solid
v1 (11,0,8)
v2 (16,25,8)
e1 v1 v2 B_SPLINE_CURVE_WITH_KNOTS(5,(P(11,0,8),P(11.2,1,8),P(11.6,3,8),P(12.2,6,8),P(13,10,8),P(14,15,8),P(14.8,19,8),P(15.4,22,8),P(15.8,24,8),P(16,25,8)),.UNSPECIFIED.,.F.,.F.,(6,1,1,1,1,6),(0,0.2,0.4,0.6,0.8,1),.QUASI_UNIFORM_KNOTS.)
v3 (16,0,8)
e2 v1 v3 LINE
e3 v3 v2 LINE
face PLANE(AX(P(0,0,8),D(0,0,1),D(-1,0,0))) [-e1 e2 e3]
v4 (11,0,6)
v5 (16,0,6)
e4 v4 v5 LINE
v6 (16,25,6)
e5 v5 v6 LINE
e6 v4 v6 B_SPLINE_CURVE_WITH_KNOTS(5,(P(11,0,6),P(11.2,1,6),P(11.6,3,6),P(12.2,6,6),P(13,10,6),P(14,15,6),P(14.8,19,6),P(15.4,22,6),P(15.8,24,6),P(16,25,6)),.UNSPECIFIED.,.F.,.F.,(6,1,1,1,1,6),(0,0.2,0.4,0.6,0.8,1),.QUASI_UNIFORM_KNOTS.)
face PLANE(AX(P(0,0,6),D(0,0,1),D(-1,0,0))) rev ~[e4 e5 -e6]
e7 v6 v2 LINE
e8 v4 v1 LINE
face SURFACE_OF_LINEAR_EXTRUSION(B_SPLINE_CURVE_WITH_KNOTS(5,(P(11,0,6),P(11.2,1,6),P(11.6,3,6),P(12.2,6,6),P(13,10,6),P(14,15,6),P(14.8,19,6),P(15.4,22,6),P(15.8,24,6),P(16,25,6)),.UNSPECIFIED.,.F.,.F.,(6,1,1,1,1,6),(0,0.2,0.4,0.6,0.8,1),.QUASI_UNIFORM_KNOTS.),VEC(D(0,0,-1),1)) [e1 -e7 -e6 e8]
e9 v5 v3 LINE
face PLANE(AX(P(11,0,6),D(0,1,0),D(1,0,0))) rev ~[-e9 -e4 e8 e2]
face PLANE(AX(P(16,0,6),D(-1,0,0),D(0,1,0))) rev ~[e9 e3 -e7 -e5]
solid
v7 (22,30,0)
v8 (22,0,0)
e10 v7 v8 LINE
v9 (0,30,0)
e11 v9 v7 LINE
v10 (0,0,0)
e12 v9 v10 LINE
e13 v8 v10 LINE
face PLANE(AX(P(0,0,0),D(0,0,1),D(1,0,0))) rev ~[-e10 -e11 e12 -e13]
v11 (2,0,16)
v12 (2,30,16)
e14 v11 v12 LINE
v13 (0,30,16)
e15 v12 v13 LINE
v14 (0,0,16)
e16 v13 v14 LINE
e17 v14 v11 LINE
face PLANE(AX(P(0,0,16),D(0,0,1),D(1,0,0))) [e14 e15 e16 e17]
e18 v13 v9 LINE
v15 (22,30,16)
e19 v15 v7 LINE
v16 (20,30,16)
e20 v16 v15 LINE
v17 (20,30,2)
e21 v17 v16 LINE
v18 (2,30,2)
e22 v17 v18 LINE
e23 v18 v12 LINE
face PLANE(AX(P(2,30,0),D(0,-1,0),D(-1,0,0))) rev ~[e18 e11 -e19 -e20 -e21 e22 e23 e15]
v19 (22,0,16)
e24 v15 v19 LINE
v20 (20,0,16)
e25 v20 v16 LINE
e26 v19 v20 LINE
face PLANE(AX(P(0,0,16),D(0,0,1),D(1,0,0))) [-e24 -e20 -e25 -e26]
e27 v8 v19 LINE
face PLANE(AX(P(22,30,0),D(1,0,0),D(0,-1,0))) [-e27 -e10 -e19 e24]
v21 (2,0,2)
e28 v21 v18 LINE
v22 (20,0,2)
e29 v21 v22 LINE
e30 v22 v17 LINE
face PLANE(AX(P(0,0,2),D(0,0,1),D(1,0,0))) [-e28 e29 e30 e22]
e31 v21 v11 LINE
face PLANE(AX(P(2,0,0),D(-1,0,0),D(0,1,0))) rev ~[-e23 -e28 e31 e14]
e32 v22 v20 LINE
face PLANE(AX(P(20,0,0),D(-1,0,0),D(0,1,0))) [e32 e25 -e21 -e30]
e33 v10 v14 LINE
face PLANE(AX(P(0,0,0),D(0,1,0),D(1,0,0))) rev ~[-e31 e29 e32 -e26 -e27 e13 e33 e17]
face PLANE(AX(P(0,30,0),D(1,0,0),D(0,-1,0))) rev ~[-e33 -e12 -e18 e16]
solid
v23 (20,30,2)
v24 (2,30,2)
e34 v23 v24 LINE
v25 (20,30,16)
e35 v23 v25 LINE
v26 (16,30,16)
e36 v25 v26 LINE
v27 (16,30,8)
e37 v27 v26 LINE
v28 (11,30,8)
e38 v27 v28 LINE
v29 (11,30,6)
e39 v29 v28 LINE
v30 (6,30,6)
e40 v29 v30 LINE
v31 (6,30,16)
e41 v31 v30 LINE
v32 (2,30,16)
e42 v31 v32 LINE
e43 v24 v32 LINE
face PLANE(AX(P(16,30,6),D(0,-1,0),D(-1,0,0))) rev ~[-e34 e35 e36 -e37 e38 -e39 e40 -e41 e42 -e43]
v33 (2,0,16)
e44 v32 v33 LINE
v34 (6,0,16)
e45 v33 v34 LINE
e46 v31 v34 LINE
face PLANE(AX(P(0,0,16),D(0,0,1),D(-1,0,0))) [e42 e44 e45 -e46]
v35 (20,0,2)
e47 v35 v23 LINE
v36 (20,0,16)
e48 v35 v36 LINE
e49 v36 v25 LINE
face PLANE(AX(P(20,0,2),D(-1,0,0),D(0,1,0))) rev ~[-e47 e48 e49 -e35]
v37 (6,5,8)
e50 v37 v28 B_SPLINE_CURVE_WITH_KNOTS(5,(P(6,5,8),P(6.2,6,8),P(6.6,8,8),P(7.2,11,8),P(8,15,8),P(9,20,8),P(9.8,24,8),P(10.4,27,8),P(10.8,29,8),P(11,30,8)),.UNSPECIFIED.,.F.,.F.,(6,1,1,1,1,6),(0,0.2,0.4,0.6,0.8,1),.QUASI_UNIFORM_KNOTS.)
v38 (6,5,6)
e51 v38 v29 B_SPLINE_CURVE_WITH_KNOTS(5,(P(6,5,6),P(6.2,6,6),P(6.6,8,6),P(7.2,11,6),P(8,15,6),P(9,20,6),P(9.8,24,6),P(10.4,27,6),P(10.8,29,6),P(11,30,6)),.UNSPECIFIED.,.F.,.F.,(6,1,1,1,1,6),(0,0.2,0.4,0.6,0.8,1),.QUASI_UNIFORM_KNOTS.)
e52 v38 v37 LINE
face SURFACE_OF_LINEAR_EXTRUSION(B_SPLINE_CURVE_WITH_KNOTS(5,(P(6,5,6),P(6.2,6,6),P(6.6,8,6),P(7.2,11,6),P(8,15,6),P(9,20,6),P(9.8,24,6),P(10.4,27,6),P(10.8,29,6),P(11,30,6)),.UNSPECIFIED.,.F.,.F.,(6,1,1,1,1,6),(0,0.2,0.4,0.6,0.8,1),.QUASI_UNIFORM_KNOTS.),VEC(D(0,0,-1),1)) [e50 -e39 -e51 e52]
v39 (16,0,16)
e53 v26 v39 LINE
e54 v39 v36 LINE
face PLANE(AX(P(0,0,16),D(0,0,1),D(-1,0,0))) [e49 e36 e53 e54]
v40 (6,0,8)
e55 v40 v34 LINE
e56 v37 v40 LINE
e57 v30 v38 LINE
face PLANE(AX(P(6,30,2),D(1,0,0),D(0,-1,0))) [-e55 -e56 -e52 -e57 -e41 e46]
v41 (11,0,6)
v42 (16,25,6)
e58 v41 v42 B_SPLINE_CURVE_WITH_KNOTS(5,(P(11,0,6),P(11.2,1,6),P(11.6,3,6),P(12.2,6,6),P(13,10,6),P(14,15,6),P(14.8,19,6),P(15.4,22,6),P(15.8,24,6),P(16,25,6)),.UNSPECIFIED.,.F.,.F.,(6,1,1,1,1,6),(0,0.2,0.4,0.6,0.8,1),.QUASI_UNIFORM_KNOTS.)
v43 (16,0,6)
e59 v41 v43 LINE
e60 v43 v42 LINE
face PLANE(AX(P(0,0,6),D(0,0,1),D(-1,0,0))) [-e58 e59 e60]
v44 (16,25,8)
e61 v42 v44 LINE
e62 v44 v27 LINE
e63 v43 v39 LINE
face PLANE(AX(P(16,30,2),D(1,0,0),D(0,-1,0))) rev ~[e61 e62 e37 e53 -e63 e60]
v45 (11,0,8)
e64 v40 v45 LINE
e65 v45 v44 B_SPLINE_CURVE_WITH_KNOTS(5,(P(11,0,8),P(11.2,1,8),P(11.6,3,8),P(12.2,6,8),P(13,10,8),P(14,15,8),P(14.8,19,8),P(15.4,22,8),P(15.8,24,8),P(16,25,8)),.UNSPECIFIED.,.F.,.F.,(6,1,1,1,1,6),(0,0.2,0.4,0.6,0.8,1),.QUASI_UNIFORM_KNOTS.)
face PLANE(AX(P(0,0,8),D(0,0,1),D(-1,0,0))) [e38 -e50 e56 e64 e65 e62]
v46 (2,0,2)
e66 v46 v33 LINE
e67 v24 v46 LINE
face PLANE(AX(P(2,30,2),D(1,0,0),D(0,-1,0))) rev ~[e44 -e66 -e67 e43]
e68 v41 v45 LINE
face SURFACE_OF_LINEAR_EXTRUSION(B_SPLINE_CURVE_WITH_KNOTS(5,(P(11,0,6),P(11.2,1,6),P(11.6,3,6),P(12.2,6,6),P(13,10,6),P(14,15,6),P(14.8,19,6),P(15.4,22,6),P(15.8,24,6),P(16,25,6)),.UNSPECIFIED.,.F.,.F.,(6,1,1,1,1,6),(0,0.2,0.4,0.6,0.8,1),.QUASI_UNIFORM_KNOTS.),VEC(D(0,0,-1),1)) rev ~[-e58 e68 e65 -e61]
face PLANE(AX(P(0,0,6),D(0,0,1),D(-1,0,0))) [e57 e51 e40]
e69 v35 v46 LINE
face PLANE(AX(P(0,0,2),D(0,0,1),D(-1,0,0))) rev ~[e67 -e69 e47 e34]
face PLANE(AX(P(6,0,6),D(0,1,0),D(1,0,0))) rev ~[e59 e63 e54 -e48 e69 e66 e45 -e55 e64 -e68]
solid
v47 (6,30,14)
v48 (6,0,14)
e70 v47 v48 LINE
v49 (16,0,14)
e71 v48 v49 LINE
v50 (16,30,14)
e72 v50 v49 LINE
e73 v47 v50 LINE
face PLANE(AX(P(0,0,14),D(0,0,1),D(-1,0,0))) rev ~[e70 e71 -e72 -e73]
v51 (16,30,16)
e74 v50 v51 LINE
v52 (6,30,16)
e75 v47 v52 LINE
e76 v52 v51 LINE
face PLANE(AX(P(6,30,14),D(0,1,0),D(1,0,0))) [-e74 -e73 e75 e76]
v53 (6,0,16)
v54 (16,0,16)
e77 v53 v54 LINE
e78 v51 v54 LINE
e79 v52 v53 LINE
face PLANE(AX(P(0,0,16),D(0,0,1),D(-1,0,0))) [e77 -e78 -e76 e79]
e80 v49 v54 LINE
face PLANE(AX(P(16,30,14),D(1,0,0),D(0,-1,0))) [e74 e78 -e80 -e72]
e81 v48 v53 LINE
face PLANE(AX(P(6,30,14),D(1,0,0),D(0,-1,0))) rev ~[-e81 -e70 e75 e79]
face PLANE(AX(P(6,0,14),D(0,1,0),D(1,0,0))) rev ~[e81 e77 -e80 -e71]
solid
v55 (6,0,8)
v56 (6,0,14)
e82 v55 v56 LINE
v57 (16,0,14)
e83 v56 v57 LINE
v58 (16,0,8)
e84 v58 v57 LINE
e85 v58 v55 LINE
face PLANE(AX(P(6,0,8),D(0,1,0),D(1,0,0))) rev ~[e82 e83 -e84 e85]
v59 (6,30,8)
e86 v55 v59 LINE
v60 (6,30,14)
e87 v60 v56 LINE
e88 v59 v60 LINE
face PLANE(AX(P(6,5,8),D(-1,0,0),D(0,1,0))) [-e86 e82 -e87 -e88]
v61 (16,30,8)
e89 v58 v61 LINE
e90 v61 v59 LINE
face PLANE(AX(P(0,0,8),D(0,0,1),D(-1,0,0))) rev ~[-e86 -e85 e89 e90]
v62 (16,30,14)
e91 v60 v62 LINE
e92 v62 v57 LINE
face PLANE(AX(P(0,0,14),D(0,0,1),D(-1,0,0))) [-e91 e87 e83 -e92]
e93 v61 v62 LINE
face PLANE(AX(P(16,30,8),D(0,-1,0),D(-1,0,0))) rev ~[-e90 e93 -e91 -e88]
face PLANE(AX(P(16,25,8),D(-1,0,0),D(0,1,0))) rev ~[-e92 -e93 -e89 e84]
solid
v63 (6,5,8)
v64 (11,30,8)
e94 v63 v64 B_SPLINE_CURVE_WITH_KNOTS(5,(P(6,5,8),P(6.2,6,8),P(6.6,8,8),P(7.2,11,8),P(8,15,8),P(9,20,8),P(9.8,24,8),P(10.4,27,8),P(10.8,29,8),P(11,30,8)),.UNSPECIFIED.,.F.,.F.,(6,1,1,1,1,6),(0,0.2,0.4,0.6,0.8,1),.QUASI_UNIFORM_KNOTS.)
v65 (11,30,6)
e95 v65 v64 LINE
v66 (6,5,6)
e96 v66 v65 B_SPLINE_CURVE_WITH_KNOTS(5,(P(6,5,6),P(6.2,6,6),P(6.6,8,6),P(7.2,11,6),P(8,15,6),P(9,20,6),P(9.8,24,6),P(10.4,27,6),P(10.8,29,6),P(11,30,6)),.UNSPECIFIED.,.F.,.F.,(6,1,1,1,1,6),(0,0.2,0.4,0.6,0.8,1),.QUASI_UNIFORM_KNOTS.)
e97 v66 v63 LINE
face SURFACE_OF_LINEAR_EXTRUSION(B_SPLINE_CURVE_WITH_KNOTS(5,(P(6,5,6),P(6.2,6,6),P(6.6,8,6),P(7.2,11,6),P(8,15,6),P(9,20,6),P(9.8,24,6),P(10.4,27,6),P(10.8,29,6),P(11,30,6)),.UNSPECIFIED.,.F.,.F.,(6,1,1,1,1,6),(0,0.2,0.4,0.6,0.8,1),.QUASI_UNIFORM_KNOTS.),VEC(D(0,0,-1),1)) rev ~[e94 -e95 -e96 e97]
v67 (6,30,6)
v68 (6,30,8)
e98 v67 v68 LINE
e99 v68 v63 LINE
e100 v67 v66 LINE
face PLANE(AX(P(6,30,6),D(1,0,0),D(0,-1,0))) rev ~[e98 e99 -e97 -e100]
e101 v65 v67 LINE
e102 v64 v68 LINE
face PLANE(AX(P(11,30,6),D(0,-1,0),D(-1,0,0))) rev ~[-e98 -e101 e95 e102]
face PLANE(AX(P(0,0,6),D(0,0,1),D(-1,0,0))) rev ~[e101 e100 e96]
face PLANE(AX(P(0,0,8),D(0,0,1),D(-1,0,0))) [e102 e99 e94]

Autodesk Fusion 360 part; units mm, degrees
sketch "Esquisse1" plane through (0, 0, 0) normal (1, 0, 0) x (0, 1, 0)
sketch "Esquisse2" plane through (0, 0, 0) normal (0, 0, 1) x (1, 0, 0)
  line L0 (0, 0) -> (22, 0)
  line L1 (22, 0) -> (22, 30)
  line L2 (22, 30) -> (0, 30)
  line L3 (0, 30) -> (0, 0)
  dimension "d10" = 22
  dimension "d11" = 30
sketch "Esquisse3" plane through (0, 0, 0) normal (0, 0, 1) x (1, 0, 0)
  line L0 (0, 0) -> (2, 0)
  line L1 (2, 0) -> (2, 30)
  line L2 (2, 30) -> (0, 30)
  line L3 (0, 30) -> (0, 0)
  dimension "d12" = 2
  dimension "d13" = 30
sketch "Esquisse4" plane through (0, 0, 0) normal (0, 0, 1) x (1, 0, 0)
  line L0 (22, 0) -> (20, 0)
  line L1 (20, 0) -> (20, 30)
  line L2 (20, 30) -> (22, 30)
  line L3 (22, 30) -> (22, 0)
  dimension "d14" = 2
  dimension "d15" = 30
sketch "Esquisse1 (2)" plane through (0, 0, 0) normal (0, 0, 1) x (1, 0, 0) in component "shield"
extrude "Extrusion1" add sketch "Esquisse3" along normal blind 16 makes body 1 in component "shield"
extrude "Extrusion2" add sketch "Esquisse4" along normal blind 16 separate body makes body 2 in component "shield"
extrude "Extrusion3" add sketch "Esquisse2" along normal blind 2 bodies 1 2 in component "shield"
sketch "Esquisse2 (2)" plane through (0, 0, 2) normal (0, 0, 1) x (-1, 0, 0) in component "shield"
  line L0 (-2, -30) -> (-2, 0)
  line L1 (-2, 0) -> (-20, 0)
  line L2 (-20, 0) -> (-20, -30)
  line L3 (-20, -30) -> (-2, -30)
  line L4 (-2, -30) -> (-6, -30)
  line L5 (-6, -30) -> (-6, 0)
  line L6 (-6, 0) -> (-2, 0)
  line L7 (-2, 0) -> (-2, -30)
  line L8 (-20, -30) -> (-16, -30)
  line L9 (-16, -30) -> (-16, 0)
  line L10 (-16, 0) -> (-20, 0)
  line L11 (-20, 0) -> (-20, -30)
  dimension "d22" = 4
  dimension "d23" = 30
  dimension "d24" = 4
  dimension "d25" = 30
extrude "Extrusion1'" add sketch "Esquisse2 (2)" along normal blind 14 separate body contours L0 L1 L3 L4 L5 L6 L7 | L1 L2 L3 L8 L9 L10 L11 makes body 3 at (6, 20, 6.6667) makes body 4 at (20, 10, 6.6667) in component "Support"
sketch "Esquisse1 (3)" plane through (0, 0, 2) normal (0, 0, 1) x (-1, 0, 0) in component "Support"
  line L0 (-2, -30) -> (-2, 0)
  line L1 (-2, 0) -> (-20, 0)
  line L2 (-20, 0) -> (-20, -30)
  line L3 (-20, -30) -> (-2, -30)
  line L4 (-16, -30) -> (-6, -30)
  line L5 (-6, -30) -> (-6, 0)
  line L6 (-6, 0) -> (-16, 0)
  line L7 (-16, 0) -> (-16, -30)
  dimension "d28" = 10
  dimension "d29" = 30
extrude "Extrusion2'" add sketch "Esquisse1 (3)" along normal blind 4 contours L1 L3 L4 L5 L6 L7 bodies 3 4 in component "Support"
sketch "Esquisse1 (4)" plane through (0, 0, 6) normal (0, 0, 1) x (-1, 0, 0) in component "trianglee_1"
  line L0 (-16, 0) -> (-16, -30)
  line L1 (-16, -30) -> (-6, -30)
  line L2 (-6, -30) -> (-6, 0)
  line L3 (-6, 0) -> (-16, 0)
  spline S0 degree 5 poles (-11, 0) (-11.2, -1) (-11.6, -3) (-12.2, -6) (-13, -10) (-14, -15) (-14.8, -19) (-15.4, -22) (-15.8, -24) (-16, -25) knots 0 0 0 0 0 0 0.2 0.4 0.6 0.8 1 1 1 1 1 1
  dimension "d32" = 5
  dimension "d33" = 5
extrude "Extrusion1''" add sketch "Esquisse1 (4)" along normal blind 2 separate body contours L0 L3 S0 makes body 5 in component "trianglee_1"
sketch "Esquisse1 (5)" plane through (0, 0, 6) normal (0, 0, 1) x (-1, 0, 0) in component "triangle_2"
  line L0 (-16, 0) -> (-16, -30)
  line L1 (-16, -30) -> (-6, -30)
  line L2 (-6, -30) -> (-6, 0)
  line L3 (-6, 0) -> (-16, 0)
  spline S0 degree 5 poles (-6, -5) (-6.2, -6) (-6.6, -8) (-7.2, -11) (-8, -15) (-9, -20) (-9.8, -24) (-10.4, -27) (-10.8, -29) (-11, -30) knots 0 0 0 0 0 0 0.2 0.4 0.6 0.8 1 1 1 1 1 1
  dimension "d36" = 5
  dimension "d37" = 5
extrude "Extrusion1'''" add sketch "Esquisse1 (5)" along normal blind 2 separate body contours L1 L2 S0 makes body 6 in component "triangle_2"
extrude "Extrusion3'" add 1 faces at (12.6667, 20, 6) along direction (0, 0, 1) blind 2 on bodies 3 bodies 3 in component "Support"
copy_body "CopierCollerCorps1" bodies 5 makes body 7 in component "Support"
copy_body "CopierCollerCorps2" bodies 6 makes body 8 in component "Support"
combine "Combiner1" operation cut target body 3 tool bodies 7 8 in component "Support"
sketch "Esquisse1 (6)" plane through (0, 0, 8) normal (0, 0, 1) x (-1, 0, 0) in component "Mousse"
  line L0 (-11, -30) -> (-6, -5)
  line L1 (-6, -5) -> (-6, 0)
  line L2 (-6, 0) -> (-11, 0)
  line L3 (-11, 0) -> (-16, -25)
  line L4 (-16, -25) -> (-16, -30)
  line L5 (-16, -30) -> (-11, -30)
  line L6 (-6, -30) -> (-16, -30)
  line L7 (-16, -30) -> (-16, 0)
  line L8 (-16, 0) -> (-6, 0)
  line L9 (-6, 0) -> (-6, -30)
extrude "Extrusion1''''" add sketch "Esquisse1 (6)" along normal blind 6 separate body makes body 9 in component "Mousse"
extrude "Extrusion1'''''" add 1 faces at (12.6667, 11.6667, 14) along direction (0, 0, 1) blind 2 separate body on bodies 9 makes body 10 in component "plateau"
component "shield" placed x (1, 0, 0) y (0, 1, 0) z (0, 0, 1) at (0, 0, 0)
component "Support" placed x (1, 0, 0) y (0, 1, 0) z (0, 0, 1) at (0, 0, 0)
component "trianglee_1" placed x (1, 0, 0) y (0, 1, 0) z (0, 0, 1) at (0, 0, 0)
component "triangle_2" placed x (1, 0, 0) y (0, 1, 0) z (0, 0, 1) at (0, 0, 0)
component "Mousse" placed x (1, 0, 0) y (0, 1, 0) z (0, 0, 1) at (0, 0, 0)
component "plateau" placed x (1, 0, 0) y (0, 1, 0) z (0, 0, 1) at (0, 0, 0)
equation "distance_bord = 4 mm"
equation "epaisseur = 2 mm"
equation "distance_plaques = 5 mm"
equation "Longueur = 30 mm"
equation "largeur_base_triangle = 5 mm"
equation "largeur = 2 * distance_bord + 2 * epaisseur + distance_plaques + largeur_base_triangle"
equation "d10 = largeur"
equation "d11 = Longueur"
equation "d12 = epaisseur"
equation "d13 = Longueur"
equation "d14 = epaisseur"
equation "d15 = Longueur"
equation "d16 = hauteur"
equation "d18 = hauteur"
equation "d20 = epaisseur"
equation "d22 = distance_bord"
equation "d23 = Longueur"
equation "d24 = distance_bord"
equation "d25 = Longueur"
equation "d26 = hauteur - epaisseur"
equation "d28 = distance_plaques + largeur_base_triangle"
equation "d29 = Longueur"
equation "d30 = distance_bord"
equation "d32 = distance_plaques"
equation "d33 = distance_plaques"
equation "d34 = epaisseur"
equation "d36 = distance_plaques"
equation "d37 = distance_plaques"
equation "d38 = epaisseur"
equation "d40 = epaisseur"
equation "d44 = epaisseur"
